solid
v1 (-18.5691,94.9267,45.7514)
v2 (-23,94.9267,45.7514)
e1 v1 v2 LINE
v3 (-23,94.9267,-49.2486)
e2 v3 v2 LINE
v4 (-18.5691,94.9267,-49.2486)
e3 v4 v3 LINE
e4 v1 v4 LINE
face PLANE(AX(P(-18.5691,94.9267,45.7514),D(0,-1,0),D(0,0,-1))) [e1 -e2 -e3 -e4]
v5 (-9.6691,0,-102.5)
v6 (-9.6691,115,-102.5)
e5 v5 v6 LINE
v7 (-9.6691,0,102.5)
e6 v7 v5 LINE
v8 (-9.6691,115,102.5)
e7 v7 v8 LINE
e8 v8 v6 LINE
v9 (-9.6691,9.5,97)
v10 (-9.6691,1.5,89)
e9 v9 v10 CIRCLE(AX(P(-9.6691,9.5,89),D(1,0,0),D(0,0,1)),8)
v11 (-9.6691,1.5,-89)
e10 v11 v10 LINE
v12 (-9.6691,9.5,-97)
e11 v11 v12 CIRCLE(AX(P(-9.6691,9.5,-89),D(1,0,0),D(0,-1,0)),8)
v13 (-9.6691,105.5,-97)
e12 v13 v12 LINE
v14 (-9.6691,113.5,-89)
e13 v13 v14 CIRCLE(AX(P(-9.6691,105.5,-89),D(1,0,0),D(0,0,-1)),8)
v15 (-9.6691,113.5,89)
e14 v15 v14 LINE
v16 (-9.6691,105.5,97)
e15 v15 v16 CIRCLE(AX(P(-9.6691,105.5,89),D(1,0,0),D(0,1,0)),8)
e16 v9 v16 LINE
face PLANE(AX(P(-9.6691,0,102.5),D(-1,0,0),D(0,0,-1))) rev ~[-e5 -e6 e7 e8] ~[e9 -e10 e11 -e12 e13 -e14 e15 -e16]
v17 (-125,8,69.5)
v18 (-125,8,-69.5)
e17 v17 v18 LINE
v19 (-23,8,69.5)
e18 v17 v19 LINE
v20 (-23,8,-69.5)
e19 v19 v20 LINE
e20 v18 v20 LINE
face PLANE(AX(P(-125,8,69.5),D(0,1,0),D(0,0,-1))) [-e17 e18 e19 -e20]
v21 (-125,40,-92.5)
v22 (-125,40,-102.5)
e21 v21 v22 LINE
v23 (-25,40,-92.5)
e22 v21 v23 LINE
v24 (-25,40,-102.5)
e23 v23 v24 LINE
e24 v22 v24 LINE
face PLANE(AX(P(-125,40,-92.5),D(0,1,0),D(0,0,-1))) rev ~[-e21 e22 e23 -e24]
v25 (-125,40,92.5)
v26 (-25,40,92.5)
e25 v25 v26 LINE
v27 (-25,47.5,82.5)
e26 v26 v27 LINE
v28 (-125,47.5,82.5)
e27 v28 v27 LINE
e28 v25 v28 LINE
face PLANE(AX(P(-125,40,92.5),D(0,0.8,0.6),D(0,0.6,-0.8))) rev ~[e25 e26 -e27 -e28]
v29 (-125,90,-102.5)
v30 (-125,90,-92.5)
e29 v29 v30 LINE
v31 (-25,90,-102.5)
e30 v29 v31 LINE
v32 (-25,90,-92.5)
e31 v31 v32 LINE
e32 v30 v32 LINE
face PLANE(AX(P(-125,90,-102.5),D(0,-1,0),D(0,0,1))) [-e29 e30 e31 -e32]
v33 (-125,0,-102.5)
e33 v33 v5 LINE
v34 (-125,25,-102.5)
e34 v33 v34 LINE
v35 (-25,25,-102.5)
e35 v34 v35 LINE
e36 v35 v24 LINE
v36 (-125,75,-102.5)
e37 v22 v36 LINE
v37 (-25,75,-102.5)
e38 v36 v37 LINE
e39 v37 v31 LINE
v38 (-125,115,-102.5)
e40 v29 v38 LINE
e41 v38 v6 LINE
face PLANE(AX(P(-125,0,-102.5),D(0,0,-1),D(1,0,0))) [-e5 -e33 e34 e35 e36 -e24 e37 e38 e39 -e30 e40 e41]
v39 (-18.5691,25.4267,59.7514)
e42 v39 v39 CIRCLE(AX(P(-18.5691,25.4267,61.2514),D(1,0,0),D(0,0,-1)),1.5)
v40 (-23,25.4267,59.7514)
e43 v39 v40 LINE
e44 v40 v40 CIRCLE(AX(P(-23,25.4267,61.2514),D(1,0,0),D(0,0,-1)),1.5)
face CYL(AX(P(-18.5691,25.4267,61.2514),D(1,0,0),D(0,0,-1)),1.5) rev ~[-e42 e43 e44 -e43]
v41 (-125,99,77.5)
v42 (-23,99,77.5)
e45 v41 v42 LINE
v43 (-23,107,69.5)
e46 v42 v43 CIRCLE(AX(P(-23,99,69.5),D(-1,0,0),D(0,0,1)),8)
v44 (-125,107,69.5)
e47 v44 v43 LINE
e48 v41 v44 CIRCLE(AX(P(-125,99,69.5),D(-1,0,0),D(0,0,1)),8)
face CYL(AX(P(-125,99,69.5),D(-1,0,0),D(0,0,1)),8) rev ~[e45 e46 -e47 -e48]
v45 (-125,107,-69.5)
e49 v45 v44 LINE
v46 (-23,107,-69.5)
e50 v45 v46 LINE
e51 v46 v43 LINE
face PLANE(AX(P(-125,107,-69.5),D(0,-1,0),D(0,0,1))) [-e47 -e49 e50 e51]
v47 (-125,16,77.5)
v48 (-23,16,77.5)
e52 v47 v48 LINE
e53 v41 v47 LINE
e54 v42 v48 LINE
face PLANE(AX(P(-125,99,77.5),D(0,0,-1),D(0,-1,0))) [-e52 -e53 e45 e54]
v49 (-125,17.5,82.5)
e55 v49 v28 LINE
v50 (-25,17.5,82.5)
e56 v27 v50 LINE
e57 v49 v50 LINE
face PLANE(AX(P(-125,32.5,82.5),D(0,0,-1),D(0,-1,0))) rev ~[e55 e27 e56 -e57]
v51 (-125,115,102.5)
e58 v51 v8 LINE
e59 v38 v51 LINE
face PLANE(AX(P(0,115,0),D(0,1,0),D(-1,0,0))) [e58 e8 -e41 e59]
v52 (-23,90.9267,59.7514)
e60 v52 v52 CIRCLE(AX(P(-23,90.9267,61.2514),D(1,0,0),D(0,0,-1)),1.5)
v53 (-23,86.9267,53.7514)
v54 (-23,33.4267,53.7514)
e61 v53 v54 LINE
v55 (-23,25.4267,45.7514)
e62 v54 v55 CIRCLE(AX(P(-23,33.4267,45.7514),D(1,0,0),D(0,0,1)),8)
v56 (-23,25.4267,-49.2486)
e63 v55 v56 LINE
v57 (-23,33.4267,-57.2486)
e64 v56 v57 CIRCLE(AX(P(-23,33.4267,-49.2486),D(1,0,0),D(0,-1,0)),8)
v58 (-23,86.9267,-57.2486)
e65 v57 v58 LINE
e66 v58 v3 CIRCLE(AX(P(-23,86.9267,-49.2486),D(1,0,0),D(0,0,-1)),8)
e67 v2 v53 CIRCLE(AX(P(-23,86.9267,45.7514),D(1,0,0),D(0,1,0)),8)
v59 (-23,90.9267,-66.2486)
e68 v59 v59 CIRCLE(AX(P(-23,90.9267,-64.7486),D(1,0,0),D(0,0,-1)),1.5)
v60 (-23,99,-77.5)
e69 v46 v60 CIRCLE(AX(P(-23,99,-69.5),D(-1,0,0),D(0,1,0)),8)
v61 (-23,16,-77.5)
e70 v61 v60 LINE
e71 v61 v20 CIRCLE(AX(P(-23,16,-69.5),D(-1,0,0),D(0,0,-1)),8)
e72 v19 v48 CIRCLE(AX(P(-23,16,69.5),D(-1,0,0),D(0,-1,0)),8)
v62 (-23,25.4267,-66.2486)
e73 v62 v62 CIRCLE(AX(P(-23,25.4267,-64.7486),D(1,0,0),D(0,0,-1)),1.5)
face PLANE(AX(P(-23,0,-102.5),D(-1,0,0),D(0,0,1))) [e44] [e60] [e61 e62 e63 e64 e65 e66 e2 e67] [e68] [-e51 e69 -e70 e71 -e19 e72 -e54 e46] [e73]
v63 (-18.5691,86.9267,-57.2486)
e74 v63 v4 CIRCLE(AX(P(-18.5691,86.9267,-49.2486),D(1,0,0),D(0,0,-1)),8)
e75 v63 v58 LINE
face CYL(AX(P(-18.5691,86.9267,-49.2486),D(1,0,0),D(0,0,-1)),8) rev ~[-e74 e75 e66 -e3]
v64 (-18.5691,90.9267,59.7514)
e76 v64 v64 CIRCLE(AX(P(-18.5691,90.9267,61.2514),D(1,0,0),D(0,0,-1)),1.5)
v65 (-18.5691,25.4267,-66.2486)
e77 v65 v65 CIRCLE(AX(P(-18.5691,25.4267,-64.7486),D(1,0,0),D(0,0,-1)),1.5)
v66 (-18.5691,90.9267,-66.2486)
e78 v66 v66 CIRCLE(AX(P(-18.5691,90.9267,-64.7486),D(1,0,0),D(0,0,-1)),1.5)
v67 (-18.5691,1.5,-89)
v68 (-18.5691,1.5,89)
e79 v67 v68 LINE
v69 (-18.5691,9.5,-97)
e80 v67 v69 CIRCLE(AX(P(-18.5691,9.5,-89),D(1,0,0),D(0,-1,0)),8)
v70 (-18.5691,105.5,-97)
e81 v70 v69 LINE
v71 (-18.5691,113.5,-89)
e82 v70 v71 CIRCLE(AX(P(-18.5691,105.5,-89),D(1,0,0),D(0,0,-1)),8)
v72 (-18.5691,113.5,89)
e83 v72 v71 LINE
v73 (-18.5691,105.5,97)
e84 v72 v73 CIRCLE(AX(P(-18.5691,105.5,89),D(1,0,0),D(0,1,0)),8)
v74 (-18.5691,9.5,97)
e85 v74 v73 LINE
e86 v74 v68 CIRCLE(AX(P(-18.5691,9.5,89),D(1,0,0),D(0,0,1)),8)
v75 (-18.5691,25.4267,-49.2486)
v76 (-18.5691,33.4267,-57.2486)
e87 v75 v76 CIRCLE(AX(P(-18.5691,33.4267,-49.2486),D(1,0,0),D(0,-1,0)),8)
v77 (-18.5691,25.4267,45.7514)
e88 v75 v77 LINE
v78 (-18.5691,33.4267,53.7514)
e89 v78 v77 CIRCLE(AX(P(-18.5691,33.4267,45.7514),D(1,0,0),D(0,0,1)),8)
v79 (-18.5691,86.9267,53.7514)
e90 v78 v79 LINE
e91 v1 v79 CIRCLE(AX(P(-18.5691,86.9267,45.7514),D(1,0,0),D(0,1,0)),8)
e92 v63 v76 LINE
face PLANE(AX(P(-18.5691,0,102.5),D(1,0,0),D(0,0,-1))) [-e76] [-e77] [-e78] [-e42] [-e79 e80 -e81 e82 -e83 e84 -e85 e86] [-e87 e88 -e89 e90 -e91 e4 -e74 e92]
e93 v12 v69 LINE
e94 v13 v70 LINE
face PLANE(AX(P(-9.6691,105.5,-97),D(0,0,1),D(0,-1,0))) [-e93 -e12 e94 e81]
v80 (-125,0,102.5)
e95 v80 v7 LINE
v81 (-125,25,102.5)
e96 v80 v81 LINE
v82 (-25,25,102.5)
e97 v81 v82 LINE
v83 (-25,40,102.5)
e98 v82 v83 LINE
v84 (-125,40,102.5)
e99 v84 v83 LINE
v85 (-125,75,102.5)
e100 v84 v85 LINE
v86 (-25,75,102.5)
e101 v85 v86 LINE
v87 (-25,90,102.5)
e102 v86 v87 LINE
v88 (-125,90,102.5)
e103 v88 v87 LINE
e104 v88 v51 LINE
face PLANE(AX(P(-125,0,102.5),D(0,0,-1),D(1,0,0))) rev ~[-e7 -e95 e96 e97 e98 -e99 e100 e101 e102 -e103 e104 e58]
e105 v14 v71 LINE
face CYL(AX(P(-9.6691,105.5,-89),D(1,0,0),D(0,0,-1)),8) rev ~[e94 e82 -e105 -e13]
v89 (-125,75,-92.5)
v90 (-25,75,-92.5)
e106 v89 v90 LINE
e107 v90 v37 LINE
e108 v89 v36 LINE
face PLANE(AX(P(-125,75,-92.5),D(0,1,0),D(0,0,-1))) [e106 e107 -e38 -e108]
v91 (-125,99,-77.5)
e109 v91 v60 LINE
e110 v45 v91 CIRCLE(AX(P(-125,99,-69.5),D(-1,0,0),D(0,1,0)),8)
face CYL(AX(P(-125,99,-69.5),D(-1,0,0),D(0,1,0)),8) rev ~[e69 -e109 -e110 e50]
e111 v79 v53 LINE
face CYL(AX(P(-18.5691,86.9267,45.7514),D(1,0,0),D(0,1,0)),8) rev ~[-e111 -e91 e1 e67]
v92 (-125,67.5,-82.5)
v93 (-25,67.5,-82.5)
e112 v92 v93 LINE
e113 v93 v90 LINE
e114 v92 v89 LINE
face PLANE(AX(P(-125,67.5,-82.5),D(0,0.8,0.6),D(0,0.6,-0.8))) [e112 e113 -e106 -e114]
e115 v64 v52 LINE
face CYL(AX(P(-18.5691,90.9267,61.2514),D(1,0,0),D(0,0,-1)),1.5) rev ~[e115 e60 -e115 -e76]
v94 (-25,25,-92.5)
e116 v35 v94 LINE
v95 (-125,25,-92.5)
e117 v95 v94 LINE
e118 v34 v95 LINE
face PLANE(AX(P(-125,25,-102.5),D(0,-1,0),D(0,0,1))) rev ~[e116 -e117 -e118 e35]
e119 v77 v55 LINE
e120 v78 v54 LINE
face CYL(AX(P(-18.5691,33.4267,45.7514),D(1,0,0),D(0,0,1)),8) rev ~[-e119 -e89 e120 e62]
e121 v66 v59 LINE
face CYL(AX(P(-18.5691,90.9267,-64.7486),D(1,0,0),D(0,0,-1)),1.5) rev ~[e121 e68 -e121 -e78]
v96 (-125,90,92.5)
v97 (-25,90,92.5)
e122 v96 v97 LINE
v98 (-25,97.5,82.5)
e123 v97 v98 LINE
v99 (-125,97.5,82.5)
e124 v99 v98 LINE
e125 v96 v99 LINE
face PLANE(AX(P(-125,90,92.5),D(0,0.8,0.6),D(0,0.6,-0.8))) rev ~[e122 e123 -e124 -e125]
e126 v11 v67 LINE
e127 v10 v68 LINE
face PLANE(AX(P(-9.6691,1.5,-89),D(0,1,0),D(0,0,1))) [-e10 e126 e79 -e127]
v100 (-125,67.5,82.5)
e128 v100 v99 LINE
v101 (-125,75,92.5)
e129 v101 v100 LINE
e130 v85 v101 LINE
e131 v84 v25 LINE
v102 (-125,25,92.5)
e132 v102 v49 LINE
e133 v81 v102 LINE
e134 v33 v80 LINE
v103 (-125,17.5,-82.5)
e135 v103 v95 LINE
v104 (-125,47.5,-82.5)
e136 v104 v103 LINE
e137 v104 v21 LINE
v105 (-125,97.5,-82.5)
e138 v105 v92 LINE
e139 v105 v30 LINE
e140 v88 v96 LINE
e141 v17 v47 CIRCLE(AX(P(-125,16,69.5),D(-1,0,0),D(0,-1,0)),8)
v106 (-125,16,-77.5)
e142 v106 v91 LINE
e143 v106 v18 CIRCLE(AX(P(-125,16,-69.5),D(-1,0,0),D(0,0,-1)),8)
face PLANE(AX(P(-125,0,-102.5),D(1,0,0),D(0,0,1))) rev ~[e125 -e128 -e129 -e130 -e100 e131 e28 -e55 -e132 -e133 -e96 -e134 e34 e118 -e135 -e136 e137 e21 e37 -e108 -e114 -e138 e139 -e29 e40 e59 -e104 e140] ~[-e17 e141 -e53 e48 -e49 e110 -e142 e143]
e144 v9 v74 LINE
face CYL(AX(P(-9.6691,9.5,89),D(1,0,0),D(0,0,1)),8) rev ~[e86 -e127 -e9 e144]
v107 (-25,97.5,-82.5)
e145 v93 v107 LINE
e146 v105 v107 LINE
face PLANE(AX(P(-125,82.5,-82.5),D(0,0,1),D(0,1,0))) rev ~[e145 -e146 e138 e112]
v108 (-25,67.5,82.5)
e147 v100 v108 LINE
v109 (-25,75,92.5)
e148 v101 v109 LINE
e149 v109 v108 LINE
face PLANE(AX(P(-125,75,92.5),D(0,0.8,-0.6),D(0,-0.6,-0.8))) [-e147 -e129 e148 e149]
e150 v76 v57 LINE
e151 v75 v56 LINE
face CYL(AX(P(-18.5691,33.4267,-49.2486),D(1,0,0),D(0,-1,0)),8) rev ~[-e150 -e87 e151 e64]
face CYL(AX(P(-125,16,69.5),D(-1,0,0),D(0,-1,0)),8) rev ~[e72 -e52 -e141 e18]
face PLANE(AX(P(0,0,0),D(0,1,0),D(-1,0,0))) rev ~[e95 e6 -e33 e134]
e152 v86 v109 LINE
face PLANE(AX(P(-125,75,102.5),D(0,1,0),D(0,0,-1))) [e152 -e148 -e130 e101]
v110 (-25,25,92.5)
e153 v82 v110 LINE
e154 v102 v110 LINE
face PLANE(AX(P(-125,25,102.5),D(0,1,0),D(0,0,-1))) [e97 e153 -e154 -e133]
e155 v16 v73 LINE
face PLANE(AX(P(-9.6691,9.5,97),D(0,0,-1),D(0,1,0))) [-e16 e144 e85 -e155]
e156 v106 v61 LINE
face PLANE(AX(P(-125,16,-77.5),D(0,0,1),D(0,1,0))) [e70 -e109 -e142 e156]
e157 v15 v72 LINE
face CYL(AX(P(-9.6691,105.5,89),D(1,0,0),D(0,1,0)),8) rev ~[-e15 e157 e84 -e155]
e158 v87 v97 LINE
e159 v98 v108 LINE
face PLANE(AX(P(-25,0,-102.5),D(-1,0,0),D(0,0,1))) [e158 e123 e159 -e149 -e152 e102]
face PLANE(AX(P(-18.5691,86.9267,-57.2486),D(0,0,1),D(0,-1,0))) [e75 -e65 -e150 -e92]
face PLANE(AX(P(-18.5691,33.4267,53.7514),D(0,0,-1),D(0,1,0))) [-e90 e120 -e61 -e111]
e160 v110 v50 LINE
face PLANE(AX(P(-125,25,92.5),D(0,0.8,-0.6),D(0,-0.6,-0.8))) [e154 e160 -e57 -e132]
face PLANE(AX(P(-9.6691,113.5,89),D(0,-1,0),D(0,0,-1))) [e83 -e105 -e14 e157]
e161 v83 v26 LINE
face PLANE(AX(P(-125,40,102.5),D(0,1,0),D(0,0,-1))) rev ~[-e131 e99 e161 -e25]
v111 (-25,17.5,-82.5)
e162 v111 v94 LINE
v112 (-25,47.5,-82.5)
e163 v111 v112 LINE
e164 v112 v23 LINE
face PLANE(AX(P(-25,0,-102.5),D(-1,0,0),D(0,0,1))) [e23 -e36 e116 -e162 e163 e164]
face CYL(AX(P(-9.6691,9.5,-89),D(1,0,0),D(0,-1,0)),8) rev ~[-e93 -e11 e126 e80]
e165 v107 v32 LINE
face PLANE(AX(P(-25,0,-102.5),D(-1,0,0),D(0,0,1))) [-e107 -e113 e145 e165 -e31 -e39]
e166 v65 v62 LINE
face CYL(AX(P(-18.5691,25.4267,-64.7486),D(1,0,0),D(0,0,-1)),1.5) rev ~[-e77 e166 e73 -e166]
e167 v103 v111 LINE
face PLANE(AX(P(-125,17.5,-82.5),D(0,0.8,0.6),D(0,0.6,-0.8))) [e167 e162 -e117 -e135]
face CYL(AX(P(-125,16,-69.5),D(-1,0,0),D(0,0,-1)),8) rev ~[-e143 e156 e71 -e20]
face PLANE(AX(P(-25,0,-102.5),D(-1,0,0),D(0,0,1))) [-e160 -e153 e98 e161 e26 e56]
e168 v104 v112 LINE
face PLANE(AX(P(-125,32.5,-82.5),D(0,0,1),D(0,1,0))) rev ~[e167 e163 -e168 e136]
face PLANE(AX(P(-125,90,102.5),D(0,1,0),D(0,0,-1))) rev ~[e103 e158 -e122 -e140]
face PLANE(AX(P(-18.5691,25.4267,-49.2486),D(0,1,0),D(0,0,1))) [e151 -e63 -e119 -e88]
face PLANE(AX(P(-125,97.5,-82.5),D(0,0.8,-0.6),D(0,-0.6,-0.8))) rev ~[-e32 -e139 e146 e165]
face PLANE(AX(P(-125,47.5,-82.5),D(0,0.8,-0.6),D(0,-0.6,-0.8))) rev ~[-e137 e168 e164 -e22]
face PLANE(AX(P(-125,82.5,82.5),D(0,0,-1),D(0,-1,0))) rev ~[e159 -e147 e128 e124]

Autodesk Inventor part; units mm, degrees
ref_plane "YZ Plane" through (0, 0, 0) normal (1, 0, 0) x (0, 1, 0)
ref_plane "XZ Plane" through (0, 0, 0) normal (0, 1, 0) x (-1, 0, 0)
ref_plane "XY Plane" through (0, 0, 0) normal (0, 0, 1) x (1, 0, 0)
sketch "Sketch12" plane through (0, 0, 0) normal (0, 1, 0) x (-1, 0, 0)
  line L0 (0, 0) -> (0, -102.5) construction
  line L1 (0, 0) -> (0, 102.5) construction
  line L2 (0, 102.5) -> (125, 102.5) construction
  line L3 (125, 102.5) -> (125, -102.5) construction
  line L4 (125, -102.5) -> (0, -102.5) construction
  line L5 (0, -102.5) -> (0, 102.5) construction
  line L6 (0, 102.5) -> (45, 102.5) construction
  line L7 (45, 102.5) -> (45, -102.5) construction
  line L8 (45, -102.5) -> (0, -102.5) construction
  line L9 (0, -102.5) -> (0, 102.5) construction
  line L10 (125, 0) -> (125, -217.5) construction
  line L11 (125, 0) -> (125, 217.5) construction
  line L12 (125, 217.5) -> (72.0108, 217.5) construction
  line L13 (45, 217.5) -> (45, 102.5) construction
  line L14 (125, -217.5) -> (72.0108, -217.5) construction
  line L15 (45, -217.5) -> (45, -102.5) construction
  arc A0 (34.5307, 191.4729) -> (34.5307, -191.4729) centre (548.125, 0) ccw construction
  arc A1 (34.5307, -191.4729) -> (72.0108, -217.5) centre (72.0108, -177.5) ccw construction
  arc A2 (72.0108, 217.5) -> (34.5307, 191.4729) centre (72.0108, 177.5) ccw construction
  line L16 (125, -102.5) -> (125, 102.5)
  line L17 (125, 102.5) -> (9.6691, 102.5)
  line L18 (125, -102.5) -> (9.6691, -102.5)
  arc A3 (9.6691, 102.5) -> (9.6691, -102.5) centre (548.125, 0) ccw construction
  line L19 (9.6691, 102.5) -> (9.6691, -102.5)
  dimension "d698" = 102.5
  dimension "d699" = 102.5
  dimension "d700" = 125
  dimension "d701" = 45
  dimension "d702" = 217.5
  dimension "d703" = 217.5
  dimension "d704" = 40
extrude "Extrusion12" add sketch "Sketch12" along normal blind 115
sketch "Sketch84" plane through (-125, 0, -102.5) normal (-1, 0, 0) x (0, 0, 1)
  line L0 (33, 107) -> (172, 107)
  line L1 (180, 99) -> (180, 16)
  line L2 (172, 8) -> (33, 8)
  line L3 (25, 16) -> (25, 99)
  line L4 (205, 0) -> (205, 115) projected
  line L5 (0, 0) -> (0, 115) projected
  line L6 (0, 115) -> (205, 115) projected
  line L7 (0, 0) -> (205, 0) projected
  arc A0 (33, 107) -> (25, 99) centre (33, 99) ccw
  arc A1 (180, 99) -> (172, 107) centre (172, 99) ccw
  arc A2 (172, 8) -> (180, 16) centre (172, 16) ccw
  arc A3 (25, 16) -> (33, 8) centre (33, 16) ccw
  point P0 (102.5, 0)
  dimension "d705" = 25
  dimension "d706" = 25
  dimension "d707" = 8
  dimension "d708" = 8
  dimension "d709" = 8
extrude "Extrusion69" cut sketch "Sketch84" against normal blind 102 contours L0 A1 L1 A2 L2 A3 L3 A0
sketch "Sketch85" plane through (-125, 0, -102.5) normal (-1, 0, 0) x (0, 0, 1)
  line L0 (205, 0) -> (205, 97) projected
  line L1 (205, 25) -> (205, 40)
  line L2 (205, 32.5) -> (185, 32.5) construction
  line L3 (185, 32.5) -> (185, 47.5)
  line L4 (185, 32.5) -> (185, 17.5)
  line L5 (205, 40) -> (195, 40)
  line L6 (195, 40) -> (185, 47.5)
  line L7 (205, 25) -> (195, 25)
  line L8 (195, 25) -> (185, 17.5)
  line L9 (0, 0) -> (205, 0) projected
  line L10 (205, 75) -> (205, 90)
  line L11 (205, 82.5) -> (185, 82.5) construction
  line L12 (185, 82.5) -> (185, 97.5)
  line L13 (185, 82.5) -> (185, 67.5)
  line L14 (205, 75) -> (195, 75)
  line L15 (195, 75) -> (185, 67.5)
  line L16 (205, 90) -> (195, 90)
  line L17 (195, 90) -> (185, 97.5)
  line L18 (0, 115) -> (205, 115) projected
  line L19 (0, 0) -> (0, 115) projected
  line L20 (0, 25) -> (10, 25)
  line L21 (0, 25) -> (10, 25) construction
  line L22 (0, 25) -> (0, 40)
  line L23 (10, 40) -> (0, 40)
  line L24 (0, 32.5) -> (20, 32.5) construction
  line L25 (20, 32.5) -> (20, 47.5)
  line L26 (20, 47.5) -> (10, 40)
  line L27 (20, 32.5) -> (20, 17.5)
  line L28 (20, 17.5) -> (10, 25)
  line L29 (0, 90) -> (10, 90)
  line L30 (0, 90) -> (0, 75)
  line L31 (10, 75) -> (0, 75)
  line L32 (0, 82.5) -> (20, 82.5) construction
  line L33 (20, 82.5) -> (20, 97.5)
  line L34 (20, 97.5) -> (10, 90)
  line L35 (20, 82.5) -> (20, 67.5)
  line L36 (20, 67.5) -> (10, 75)
  point P0 (102.5, 0)
  dimension "d712" = 15
  dimension "d713" = 20
  dimension "d714" = 15
  dimension "d715" = 15
  dimension "d717" = 10
  dimension "d718" = 25
  dimension "d719" = 15
  dimension "d720" = 20
  dimension "d721" = 15
  dimension "d722" = 15
  dimension "d723" = 10
  dimension "d728" = 25
  dimension "d732" = 10
  dimension "d734" = 20
  dimension "d735" = 15
  dimension "d736" = 15
extrude "Extrusion70" cut sketch "Sketch85" against normal blind 100
sketch "Sketch86" plane through (-9.6691, 0, 102.5) normal (1, 0, 0) x (0, 0, -1)
  line L0 (0, 90) -> (0, 115) construction
  line L1 (0, 0) -> (205, 0) construction
  line L2 (0, 115) -> (205, 0) construction
  line L3 (0, 115) -> (205, 115) construction
  line L4 (205, 115) -> (0, 0) construction
  line L5 (191.5, 1.5) -> (13.5, 1.5)
  line L6 (5.5, 9.5) -> (5.5, 105.5)
  line L7 (13.5, 113.5) -> (191.5, 113.5)
  line L8 (199.5, 105.5) -> (199.5, 9.5)
  line L9 (199.5, 1.5) -> (5.5, 113.5) construction
  line L10 (5.5, 1.5) -> (199.5, 113.5) construction
  arc A0 (13.5, 113.5) -> (5.5, 105.5) centre (13.5, 105.5) ccw
  arc A1 (199.5, 105.5) -> (191.5, 113.5) centre (191.5, 105.5) ccw
  arc A2 (191.5, 1.5) -> (199.5, 9.5) centre (191.5, 9.5) ccw
  arc A3 (5.5, 9.5) -> (13.5, 1.5) centre (13.5, 9.5) ccw
  point P0 (102.5, 0)
  point P1 (102.5, 57.5)
  dimension "d738" = 194
  dimension "d739" = 112
  dimension "d740" = 8
extrude "Extrusion71" cut sketch "Sketch86" against normal blind 8.9
sketch "Sketch90" plane through (-18.5691, 0, 102.5) normal (1, 0, 0) x (0, 0, -1)
  circle A0 centre (41.2486, 90.9267) radius 1.5
  circle A1 centre (167.2486, 25.4267) radius 1.5
  circle A2 centre (41.2486, 25.4267) radius 1.5
  circle A3 centre (167.2486, 90.9267) radius 1.5
  line L0 (198.9986, 106.9003) -> (198.9986, 7.9003)
  line L1 (190.9986, 1.9267) -> (13.9986, 1.9267) construction
  line L2 (5.9986, 9.9267) -> (5.9986, 104.9267) construction
  line L3 (13.9986, 112.9267) -> (190.9986, 112.9267) construction
  line L4 (198.9986, 104.9267) -> (198.9986, 9.9267) construction
  arc A4 (13.9986, 112.9267) -> (5.9986, 104.9267) centre (13.9986, 104.9267) ccw
  arc A5 (198.9986, 104.9267) -> (190.9986, 112.9267) centre (190.9986, 104.9267) ccw
  arc A6 (190.9986, 1.9267) -> (198.9986, 9.9267) centre (190.9986, 9.9267) ccw
  arc A7 (5.9986, 9.9267) -> (13.9986, 1.9267) centre (13.9986, 9.9267) ccw
  line L5 (21.3986, 106.3267) -> (186.7486, 106.3267) construction
  line L6 (186.7486, 106.3267) -> (186.7486, 5.5767) construction
  line L7 (186.7486, 5.5767) -> (21.3986, 5.5767) construction
  line L8 (21.3986, 5.5767) -> (21.3986, 106.3267) construction
  line L9 (33.7486, 94.9267) -> (48.7486, 94.9267) construction
  line L10 (48.7486, 94.9267) -> (48.7486, 86.9267) construction
  line L11 (48.7486, 86.9267) -> (33.7486, 86.9267) construction
  line L12 (33.7486, 86.9267) -> (33.7486, 94.9267) construction
  line L13 (33.7486, 94.9267) -> (48.7486, 86.9267) construction
  line L14 (48.7486, 94.9267) -> (33.7486, 86.9267) construction
  line L15 (33.7486, 29.4267) -> (48.7486, 29.4267) construction
  line L16 (48.7486, 29.4267) -> (48.7486, 21.4267) construction
  line L17 (48.7486, 21.4267) -> (33.7486, 21.4267) construction
  line L18 (33.7486, 21.4267) -> (33.7486, 29.4267) construction
  line L19 (33.7486, 29.4267) -> (48.7486, 21.4267) construction
  line L20 (48.7486, 29.4267) -> (33.7486, 21.4267) construction
  line L21 (159.7486, 29.4267) -> (174.7486, 29.4267) construction
  line L22 (174.7486, 29.4267) -> (174.7486, 21.4267) construction
  line L23 (174.7486, 21.4267) -> (159.7486, 21.4267) construction
  line L24 (159.7486, 21.4267) -> (159.7486, 29.4267) construction
  line L25 (159.7486, 29.4267) -> (174.7486, 21.4267) construction
  line L26 (174.7486, 29.4267) -> (159.7486, 21.4267) construction
  line L27 (159.7486, 94.9267) -> (174.7486, 94.9267) construction
  line L28 (174.7486, 94.9267) -> (174.7486, 86.9267) construction
  line L29 (174.7486, 86.9267) -> (159.7486, 86.9267) construction
  line L30 (159.7486, 86.9267) -> (159.7486, 88.953) construction
  line L31 (159.7486, 94.9267) -> (174.7486, 86.9267) construction
  line L32 (174.7486, 94.9267) -> (159.7486, 86.9267) construction
  line L33 (159.7486, 94.9267) -> (159.7486, 84.9003) construction
  line L34 (56.7486, 94.9267) -> (151.7486, 94.9267)
  line L35 (159.7486, 86.9267) -> (159.7486, 33.4267)
  line L36 (151.7486, 25.4267) -> (56.7486, 25.4267)
  line L37 (48.7486, 33.4267) -> (48.7486, 86.9267)
  arc A8 (56.7486, 94.9267) -> (48.7486, 86.9267) centre (56.7486, 86.9267) ccw
  arc A9 (159.7486, 86.9267) -> (151.7486, 94.9267) centre (151.7486, 86.9267) ccw
  arc A10 (151.7486, 25.4267) -> (159.7486, 33.4267) centre (151.7486, 33.4267) ccw
  arc A11 (48.7486, 33.4267) -> (56.7486, 25.4267) centre (56.7486, 33.4267) ccw
  line L38 (0, 90) -> (0, 115) construction
  line L39 (205, 0) -> (205, 25) construction
  line L40 (0, 115) -> (205, 0) construction
  line L41 (205, 0) -> (205, 115) construction
  line L42 (0, 0) -> (0, 115) construction
  line L43 (0, 0) -> (205, 115) construction
  point P0 (102.5, 0)
  point P1 (5.9986, 112.9267)
  point P2 (5.9986, 1.9267)
  point P3 (198.9986, 112.9267)
  point P4 (159.7486, 25.4267)
  point P5 (102.4986, 57.5003)
  dimension "d840" = 3
  dimension "d841" = 3
  dimension "d842" = 3
  dimension "d843" = 3
  dimension "d844" = 193
  dimension "d845" = 111
  dimension "d846" = 8
  dimension "d847" = 8
  dimension "d848" = 165.35
  dimension "d849" = 100.75
  dimension "d850" = 3.65
  dimension "d851" = 15.4
  dimension "d852" = 15.4
  dimension "d853" = 19.85
  dimension "d854" = 19.85
  dimension "d855" = 15
  dimension "d856" = 8
  dimension "d857" = 15
  dimension "d858" = 15
  dimension "d859" = 8
  dimension "d860" = 19.5
  dimension "d861" = 19.85
  dimension "d862" = 19.5
  dimension "d863" = 19.85
  dimension "d864" = 12.25
  dimension "d865" = 0
  dimension "d866" = 8
  dimension "d868" = 15.4
  dimension "d869" = 6.6
  dimension "d870" = 12.25
extrude "Extrusion74" cut sketch "Sketch90" against normal blind 10
properties part number "center_fp13"
